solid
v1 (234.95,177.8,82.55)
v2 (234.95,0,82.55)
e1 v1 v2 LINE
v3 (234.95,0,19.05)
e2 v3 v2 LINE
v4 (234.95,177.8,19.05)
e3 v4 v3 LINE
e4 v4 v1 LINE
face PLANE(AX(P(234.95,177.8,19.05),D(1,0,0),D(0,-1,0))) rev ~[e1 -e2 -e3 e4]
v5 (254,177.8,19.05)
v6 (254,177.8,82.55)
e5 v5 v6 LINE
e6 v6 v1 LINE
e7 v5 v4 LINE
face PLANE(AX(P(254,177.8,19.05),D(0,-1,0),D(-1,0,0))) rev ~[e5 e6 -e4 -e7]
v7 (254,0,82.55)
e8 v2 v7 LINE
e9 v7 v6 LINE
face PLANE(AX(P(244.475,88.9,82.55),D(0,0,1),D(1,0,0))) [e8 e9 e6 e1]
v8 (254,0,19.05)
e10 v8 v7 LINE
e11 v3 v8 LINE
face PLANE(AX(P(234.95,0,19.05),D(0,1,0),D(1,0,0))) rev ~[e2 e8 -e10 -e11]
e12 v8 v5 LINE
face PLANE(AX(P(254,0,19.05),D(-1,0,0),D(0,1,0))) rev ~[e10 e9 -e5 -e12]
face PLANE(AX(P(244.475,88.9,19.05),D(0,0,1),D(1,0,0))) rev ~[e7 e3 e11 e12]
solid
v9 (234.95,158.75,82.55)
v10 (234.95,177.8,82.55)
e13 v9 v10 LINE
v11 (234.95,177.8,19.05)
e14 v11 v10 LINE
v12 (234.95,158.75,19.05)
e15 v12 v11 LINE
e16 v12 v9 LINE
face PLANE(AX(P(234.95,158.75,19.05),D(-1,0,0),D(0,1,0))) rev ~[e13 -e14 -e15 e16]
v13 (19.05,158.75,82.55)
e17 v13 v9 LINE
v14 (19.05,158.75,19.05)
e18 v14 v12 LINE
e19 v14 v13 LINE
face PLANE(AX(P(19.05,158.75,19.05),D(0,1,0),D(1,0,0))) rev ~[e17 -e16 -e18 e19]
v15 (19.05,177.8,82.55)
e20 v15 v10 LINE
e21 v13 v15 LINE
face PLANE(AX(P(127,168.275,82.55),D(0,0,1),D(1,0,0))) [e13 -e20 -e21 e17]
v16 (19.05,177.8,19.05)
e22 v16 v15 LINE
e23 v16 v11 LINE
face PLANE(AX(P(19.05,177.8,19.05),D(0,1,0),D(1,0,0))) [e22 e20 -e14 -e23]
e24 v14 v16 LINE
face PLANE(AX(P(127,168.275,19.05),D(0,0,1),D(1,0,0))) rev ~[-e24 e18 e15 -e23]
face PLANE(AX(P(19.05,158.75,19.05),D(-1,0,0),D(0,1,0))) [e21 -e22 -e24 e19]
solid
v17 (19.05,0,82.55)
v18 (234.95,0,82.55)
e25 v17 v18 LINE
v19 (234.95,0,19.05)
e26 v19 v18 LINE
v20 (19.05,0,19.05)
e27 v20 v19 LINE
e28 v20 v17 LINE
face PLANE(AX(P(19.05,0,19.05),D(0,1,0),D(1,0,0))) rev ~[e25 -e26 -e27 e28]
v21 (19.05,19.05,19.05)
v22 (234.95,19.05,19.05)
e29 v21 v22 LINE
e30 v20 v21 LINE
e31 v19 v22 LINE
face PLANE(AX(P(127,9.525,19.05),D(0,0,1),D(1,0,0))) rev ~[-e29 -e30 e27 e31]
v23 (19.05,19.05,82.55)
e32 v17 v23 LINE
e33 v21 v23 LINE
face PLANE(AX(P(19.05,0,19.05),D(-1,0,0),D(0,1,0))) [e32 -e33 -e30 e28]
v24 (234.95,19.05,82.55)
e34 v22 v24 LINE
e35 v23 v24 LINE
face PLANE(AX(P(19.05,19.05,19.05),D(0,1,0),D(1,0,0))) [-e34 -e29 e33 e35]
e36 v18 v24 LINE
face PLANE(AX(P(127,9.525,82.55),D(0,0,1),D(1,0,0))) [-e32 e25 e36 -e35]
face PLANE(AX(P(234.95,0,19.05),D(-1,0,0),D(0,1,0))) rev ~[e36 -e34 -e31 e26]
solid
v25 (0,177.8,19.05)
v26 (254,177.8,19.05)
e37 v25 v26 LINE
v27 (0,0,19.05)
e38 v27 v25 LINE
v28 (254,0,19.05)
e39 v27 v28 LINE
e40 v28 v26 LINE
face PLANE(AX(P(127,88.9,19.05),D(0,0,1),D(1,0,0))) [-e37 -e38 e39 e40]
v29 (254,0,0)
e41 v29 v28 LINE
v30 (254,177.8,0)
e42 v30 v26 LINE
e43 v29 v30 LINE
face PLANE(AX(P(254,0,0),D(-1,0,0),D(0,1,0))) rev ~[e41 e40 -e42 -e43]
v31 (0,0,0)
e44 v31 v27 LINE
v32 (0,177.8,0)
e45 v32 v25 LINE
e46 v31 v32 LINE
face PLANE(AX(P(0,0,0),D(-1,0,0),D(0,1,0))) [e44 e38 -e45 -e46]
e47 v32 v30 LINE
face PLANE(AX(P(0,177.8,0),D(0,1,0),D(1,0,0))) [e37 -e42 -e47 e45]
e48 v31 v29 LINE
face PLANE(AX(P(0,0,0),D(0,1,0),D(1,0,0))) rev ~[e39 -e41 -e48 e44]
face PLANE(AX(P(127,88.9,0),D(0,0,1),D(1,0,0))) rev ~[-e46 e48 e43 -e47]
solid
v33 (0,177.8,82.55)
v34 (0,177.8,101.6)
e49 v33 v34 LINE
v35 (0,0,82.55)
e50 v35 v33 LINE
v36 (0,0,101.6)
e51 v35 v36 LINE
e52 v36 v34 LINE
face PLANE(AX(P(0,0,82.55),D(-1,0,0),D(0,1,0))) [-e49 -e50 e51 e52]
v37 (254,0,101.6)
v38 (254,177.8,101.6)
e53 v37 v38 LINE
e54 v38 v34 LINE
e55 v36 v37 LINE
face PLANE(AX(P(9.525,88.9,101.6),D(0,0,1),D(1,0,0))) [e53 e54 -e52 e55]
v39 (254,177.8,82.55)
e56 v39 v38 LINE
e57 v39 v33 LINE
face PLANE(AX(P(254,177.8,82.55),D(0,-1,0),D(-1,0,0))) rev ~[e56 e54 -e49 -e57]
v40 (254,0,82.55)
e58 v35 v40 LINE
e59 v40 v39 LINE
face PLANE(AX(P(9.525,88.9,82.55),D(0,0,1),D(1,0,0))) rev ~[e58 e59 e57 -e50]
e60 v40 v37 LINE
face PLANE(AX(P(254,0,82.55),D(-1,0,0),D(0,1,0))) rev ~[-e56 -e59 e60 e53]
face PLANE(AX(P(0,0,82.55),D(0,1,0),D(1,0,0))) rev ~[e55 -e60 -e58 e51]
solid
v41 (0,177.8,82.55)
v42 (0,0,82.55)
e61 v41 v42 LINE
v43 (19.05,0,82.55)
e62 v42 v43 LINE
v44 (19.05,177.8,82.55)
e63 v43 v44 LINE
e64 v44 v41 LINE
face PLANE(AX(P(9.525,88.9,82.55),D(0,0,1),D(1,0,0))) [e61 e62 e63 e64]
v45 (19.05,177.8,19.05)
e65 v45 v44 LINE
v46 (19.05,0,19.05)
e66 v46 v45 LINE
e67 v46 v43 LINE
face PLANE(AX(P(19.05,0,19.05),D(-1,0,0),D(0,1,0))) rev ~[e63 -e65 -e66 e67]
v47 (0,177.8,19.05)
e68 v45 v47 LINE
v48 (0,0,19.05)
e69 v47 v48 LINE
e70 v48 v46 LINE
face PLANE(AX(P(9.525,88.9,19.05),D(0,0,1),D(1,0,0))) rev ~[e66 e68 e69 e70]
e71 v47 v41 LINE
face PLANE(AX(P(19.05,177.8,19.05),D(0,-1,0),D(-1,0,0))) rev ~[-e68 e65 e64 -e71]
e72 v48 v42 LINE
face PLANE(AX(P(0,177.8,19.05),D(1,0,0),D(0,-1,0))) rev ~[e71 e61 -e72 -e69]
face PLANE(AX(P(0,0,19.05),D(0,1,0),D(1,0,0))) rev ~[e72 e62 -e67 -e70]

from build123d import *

# Parameters (mm, degrees)
F0_W     = 254
F0_H     = 177.8
F1_DEPTH = 19.05
F3_DEPTH = 63.5
F2_W     = 215.9
F2_H     = 19.05
F4_DEPTH = 63.5
F5_W     = 19.05
F5_H     = 177.8
F6_DEPTH = 19.05


with BuildPart() as f1:
    # F0 (on Top) → F1 (new body)
    with BuildSketch(Plane.XY):
        with Locations((127, 88.9)):
            Rectangle(F0_W, F0_H)
    extrude(amount=F1_DEPTH)


with BuildPart() as f3:
    # F2 (on face) → F3 (new body)
    with BuildSketch(Plane.XY.offset(19.05)):
        Polygon((19.05, 177.8), (0, 177.8), (0, 0), (19.05, 0), (19.05, 19.05), (19.05, 158.75), align=None)
        Polygon((254, 177.8), (234.95, 177.8), (234.95, 158.75), (234.95, 19.05), (234.95, 0), (254, 0), align=None)
    extrude(amount=F3_DEPTH)


with BuildPart() as f4:
    # F2 (on face) → F4 (new body)
    with BuildSketch(Plane.XY.offset(19.05)):
        with Locations((127, 9.525)):
            Rectangle(F2_W, F2_H)
        with Locations((127, 168.275)):
            Rectangle(F2_W, F2_H)
    extrude(amount=F4_DEPTH)


with BuildPart() as f6:
    # F5 (on face) → F6 (new body)
    with BuildSketch(Plane.XY.offset(82.55)):
        with Locations((9.525, 88.9)):
            Rectangle(F5_W, F5_H)
        Polygon((19.05, 177.8), (19.05, 0), (234.95, 0), (254, 0), (254, 177.8), (234.95, 177.8), align=None)
    extrude(amount=F6_DEPTH)


solid = Compound([f1.part, f3.part, f4.part, f6.part])
